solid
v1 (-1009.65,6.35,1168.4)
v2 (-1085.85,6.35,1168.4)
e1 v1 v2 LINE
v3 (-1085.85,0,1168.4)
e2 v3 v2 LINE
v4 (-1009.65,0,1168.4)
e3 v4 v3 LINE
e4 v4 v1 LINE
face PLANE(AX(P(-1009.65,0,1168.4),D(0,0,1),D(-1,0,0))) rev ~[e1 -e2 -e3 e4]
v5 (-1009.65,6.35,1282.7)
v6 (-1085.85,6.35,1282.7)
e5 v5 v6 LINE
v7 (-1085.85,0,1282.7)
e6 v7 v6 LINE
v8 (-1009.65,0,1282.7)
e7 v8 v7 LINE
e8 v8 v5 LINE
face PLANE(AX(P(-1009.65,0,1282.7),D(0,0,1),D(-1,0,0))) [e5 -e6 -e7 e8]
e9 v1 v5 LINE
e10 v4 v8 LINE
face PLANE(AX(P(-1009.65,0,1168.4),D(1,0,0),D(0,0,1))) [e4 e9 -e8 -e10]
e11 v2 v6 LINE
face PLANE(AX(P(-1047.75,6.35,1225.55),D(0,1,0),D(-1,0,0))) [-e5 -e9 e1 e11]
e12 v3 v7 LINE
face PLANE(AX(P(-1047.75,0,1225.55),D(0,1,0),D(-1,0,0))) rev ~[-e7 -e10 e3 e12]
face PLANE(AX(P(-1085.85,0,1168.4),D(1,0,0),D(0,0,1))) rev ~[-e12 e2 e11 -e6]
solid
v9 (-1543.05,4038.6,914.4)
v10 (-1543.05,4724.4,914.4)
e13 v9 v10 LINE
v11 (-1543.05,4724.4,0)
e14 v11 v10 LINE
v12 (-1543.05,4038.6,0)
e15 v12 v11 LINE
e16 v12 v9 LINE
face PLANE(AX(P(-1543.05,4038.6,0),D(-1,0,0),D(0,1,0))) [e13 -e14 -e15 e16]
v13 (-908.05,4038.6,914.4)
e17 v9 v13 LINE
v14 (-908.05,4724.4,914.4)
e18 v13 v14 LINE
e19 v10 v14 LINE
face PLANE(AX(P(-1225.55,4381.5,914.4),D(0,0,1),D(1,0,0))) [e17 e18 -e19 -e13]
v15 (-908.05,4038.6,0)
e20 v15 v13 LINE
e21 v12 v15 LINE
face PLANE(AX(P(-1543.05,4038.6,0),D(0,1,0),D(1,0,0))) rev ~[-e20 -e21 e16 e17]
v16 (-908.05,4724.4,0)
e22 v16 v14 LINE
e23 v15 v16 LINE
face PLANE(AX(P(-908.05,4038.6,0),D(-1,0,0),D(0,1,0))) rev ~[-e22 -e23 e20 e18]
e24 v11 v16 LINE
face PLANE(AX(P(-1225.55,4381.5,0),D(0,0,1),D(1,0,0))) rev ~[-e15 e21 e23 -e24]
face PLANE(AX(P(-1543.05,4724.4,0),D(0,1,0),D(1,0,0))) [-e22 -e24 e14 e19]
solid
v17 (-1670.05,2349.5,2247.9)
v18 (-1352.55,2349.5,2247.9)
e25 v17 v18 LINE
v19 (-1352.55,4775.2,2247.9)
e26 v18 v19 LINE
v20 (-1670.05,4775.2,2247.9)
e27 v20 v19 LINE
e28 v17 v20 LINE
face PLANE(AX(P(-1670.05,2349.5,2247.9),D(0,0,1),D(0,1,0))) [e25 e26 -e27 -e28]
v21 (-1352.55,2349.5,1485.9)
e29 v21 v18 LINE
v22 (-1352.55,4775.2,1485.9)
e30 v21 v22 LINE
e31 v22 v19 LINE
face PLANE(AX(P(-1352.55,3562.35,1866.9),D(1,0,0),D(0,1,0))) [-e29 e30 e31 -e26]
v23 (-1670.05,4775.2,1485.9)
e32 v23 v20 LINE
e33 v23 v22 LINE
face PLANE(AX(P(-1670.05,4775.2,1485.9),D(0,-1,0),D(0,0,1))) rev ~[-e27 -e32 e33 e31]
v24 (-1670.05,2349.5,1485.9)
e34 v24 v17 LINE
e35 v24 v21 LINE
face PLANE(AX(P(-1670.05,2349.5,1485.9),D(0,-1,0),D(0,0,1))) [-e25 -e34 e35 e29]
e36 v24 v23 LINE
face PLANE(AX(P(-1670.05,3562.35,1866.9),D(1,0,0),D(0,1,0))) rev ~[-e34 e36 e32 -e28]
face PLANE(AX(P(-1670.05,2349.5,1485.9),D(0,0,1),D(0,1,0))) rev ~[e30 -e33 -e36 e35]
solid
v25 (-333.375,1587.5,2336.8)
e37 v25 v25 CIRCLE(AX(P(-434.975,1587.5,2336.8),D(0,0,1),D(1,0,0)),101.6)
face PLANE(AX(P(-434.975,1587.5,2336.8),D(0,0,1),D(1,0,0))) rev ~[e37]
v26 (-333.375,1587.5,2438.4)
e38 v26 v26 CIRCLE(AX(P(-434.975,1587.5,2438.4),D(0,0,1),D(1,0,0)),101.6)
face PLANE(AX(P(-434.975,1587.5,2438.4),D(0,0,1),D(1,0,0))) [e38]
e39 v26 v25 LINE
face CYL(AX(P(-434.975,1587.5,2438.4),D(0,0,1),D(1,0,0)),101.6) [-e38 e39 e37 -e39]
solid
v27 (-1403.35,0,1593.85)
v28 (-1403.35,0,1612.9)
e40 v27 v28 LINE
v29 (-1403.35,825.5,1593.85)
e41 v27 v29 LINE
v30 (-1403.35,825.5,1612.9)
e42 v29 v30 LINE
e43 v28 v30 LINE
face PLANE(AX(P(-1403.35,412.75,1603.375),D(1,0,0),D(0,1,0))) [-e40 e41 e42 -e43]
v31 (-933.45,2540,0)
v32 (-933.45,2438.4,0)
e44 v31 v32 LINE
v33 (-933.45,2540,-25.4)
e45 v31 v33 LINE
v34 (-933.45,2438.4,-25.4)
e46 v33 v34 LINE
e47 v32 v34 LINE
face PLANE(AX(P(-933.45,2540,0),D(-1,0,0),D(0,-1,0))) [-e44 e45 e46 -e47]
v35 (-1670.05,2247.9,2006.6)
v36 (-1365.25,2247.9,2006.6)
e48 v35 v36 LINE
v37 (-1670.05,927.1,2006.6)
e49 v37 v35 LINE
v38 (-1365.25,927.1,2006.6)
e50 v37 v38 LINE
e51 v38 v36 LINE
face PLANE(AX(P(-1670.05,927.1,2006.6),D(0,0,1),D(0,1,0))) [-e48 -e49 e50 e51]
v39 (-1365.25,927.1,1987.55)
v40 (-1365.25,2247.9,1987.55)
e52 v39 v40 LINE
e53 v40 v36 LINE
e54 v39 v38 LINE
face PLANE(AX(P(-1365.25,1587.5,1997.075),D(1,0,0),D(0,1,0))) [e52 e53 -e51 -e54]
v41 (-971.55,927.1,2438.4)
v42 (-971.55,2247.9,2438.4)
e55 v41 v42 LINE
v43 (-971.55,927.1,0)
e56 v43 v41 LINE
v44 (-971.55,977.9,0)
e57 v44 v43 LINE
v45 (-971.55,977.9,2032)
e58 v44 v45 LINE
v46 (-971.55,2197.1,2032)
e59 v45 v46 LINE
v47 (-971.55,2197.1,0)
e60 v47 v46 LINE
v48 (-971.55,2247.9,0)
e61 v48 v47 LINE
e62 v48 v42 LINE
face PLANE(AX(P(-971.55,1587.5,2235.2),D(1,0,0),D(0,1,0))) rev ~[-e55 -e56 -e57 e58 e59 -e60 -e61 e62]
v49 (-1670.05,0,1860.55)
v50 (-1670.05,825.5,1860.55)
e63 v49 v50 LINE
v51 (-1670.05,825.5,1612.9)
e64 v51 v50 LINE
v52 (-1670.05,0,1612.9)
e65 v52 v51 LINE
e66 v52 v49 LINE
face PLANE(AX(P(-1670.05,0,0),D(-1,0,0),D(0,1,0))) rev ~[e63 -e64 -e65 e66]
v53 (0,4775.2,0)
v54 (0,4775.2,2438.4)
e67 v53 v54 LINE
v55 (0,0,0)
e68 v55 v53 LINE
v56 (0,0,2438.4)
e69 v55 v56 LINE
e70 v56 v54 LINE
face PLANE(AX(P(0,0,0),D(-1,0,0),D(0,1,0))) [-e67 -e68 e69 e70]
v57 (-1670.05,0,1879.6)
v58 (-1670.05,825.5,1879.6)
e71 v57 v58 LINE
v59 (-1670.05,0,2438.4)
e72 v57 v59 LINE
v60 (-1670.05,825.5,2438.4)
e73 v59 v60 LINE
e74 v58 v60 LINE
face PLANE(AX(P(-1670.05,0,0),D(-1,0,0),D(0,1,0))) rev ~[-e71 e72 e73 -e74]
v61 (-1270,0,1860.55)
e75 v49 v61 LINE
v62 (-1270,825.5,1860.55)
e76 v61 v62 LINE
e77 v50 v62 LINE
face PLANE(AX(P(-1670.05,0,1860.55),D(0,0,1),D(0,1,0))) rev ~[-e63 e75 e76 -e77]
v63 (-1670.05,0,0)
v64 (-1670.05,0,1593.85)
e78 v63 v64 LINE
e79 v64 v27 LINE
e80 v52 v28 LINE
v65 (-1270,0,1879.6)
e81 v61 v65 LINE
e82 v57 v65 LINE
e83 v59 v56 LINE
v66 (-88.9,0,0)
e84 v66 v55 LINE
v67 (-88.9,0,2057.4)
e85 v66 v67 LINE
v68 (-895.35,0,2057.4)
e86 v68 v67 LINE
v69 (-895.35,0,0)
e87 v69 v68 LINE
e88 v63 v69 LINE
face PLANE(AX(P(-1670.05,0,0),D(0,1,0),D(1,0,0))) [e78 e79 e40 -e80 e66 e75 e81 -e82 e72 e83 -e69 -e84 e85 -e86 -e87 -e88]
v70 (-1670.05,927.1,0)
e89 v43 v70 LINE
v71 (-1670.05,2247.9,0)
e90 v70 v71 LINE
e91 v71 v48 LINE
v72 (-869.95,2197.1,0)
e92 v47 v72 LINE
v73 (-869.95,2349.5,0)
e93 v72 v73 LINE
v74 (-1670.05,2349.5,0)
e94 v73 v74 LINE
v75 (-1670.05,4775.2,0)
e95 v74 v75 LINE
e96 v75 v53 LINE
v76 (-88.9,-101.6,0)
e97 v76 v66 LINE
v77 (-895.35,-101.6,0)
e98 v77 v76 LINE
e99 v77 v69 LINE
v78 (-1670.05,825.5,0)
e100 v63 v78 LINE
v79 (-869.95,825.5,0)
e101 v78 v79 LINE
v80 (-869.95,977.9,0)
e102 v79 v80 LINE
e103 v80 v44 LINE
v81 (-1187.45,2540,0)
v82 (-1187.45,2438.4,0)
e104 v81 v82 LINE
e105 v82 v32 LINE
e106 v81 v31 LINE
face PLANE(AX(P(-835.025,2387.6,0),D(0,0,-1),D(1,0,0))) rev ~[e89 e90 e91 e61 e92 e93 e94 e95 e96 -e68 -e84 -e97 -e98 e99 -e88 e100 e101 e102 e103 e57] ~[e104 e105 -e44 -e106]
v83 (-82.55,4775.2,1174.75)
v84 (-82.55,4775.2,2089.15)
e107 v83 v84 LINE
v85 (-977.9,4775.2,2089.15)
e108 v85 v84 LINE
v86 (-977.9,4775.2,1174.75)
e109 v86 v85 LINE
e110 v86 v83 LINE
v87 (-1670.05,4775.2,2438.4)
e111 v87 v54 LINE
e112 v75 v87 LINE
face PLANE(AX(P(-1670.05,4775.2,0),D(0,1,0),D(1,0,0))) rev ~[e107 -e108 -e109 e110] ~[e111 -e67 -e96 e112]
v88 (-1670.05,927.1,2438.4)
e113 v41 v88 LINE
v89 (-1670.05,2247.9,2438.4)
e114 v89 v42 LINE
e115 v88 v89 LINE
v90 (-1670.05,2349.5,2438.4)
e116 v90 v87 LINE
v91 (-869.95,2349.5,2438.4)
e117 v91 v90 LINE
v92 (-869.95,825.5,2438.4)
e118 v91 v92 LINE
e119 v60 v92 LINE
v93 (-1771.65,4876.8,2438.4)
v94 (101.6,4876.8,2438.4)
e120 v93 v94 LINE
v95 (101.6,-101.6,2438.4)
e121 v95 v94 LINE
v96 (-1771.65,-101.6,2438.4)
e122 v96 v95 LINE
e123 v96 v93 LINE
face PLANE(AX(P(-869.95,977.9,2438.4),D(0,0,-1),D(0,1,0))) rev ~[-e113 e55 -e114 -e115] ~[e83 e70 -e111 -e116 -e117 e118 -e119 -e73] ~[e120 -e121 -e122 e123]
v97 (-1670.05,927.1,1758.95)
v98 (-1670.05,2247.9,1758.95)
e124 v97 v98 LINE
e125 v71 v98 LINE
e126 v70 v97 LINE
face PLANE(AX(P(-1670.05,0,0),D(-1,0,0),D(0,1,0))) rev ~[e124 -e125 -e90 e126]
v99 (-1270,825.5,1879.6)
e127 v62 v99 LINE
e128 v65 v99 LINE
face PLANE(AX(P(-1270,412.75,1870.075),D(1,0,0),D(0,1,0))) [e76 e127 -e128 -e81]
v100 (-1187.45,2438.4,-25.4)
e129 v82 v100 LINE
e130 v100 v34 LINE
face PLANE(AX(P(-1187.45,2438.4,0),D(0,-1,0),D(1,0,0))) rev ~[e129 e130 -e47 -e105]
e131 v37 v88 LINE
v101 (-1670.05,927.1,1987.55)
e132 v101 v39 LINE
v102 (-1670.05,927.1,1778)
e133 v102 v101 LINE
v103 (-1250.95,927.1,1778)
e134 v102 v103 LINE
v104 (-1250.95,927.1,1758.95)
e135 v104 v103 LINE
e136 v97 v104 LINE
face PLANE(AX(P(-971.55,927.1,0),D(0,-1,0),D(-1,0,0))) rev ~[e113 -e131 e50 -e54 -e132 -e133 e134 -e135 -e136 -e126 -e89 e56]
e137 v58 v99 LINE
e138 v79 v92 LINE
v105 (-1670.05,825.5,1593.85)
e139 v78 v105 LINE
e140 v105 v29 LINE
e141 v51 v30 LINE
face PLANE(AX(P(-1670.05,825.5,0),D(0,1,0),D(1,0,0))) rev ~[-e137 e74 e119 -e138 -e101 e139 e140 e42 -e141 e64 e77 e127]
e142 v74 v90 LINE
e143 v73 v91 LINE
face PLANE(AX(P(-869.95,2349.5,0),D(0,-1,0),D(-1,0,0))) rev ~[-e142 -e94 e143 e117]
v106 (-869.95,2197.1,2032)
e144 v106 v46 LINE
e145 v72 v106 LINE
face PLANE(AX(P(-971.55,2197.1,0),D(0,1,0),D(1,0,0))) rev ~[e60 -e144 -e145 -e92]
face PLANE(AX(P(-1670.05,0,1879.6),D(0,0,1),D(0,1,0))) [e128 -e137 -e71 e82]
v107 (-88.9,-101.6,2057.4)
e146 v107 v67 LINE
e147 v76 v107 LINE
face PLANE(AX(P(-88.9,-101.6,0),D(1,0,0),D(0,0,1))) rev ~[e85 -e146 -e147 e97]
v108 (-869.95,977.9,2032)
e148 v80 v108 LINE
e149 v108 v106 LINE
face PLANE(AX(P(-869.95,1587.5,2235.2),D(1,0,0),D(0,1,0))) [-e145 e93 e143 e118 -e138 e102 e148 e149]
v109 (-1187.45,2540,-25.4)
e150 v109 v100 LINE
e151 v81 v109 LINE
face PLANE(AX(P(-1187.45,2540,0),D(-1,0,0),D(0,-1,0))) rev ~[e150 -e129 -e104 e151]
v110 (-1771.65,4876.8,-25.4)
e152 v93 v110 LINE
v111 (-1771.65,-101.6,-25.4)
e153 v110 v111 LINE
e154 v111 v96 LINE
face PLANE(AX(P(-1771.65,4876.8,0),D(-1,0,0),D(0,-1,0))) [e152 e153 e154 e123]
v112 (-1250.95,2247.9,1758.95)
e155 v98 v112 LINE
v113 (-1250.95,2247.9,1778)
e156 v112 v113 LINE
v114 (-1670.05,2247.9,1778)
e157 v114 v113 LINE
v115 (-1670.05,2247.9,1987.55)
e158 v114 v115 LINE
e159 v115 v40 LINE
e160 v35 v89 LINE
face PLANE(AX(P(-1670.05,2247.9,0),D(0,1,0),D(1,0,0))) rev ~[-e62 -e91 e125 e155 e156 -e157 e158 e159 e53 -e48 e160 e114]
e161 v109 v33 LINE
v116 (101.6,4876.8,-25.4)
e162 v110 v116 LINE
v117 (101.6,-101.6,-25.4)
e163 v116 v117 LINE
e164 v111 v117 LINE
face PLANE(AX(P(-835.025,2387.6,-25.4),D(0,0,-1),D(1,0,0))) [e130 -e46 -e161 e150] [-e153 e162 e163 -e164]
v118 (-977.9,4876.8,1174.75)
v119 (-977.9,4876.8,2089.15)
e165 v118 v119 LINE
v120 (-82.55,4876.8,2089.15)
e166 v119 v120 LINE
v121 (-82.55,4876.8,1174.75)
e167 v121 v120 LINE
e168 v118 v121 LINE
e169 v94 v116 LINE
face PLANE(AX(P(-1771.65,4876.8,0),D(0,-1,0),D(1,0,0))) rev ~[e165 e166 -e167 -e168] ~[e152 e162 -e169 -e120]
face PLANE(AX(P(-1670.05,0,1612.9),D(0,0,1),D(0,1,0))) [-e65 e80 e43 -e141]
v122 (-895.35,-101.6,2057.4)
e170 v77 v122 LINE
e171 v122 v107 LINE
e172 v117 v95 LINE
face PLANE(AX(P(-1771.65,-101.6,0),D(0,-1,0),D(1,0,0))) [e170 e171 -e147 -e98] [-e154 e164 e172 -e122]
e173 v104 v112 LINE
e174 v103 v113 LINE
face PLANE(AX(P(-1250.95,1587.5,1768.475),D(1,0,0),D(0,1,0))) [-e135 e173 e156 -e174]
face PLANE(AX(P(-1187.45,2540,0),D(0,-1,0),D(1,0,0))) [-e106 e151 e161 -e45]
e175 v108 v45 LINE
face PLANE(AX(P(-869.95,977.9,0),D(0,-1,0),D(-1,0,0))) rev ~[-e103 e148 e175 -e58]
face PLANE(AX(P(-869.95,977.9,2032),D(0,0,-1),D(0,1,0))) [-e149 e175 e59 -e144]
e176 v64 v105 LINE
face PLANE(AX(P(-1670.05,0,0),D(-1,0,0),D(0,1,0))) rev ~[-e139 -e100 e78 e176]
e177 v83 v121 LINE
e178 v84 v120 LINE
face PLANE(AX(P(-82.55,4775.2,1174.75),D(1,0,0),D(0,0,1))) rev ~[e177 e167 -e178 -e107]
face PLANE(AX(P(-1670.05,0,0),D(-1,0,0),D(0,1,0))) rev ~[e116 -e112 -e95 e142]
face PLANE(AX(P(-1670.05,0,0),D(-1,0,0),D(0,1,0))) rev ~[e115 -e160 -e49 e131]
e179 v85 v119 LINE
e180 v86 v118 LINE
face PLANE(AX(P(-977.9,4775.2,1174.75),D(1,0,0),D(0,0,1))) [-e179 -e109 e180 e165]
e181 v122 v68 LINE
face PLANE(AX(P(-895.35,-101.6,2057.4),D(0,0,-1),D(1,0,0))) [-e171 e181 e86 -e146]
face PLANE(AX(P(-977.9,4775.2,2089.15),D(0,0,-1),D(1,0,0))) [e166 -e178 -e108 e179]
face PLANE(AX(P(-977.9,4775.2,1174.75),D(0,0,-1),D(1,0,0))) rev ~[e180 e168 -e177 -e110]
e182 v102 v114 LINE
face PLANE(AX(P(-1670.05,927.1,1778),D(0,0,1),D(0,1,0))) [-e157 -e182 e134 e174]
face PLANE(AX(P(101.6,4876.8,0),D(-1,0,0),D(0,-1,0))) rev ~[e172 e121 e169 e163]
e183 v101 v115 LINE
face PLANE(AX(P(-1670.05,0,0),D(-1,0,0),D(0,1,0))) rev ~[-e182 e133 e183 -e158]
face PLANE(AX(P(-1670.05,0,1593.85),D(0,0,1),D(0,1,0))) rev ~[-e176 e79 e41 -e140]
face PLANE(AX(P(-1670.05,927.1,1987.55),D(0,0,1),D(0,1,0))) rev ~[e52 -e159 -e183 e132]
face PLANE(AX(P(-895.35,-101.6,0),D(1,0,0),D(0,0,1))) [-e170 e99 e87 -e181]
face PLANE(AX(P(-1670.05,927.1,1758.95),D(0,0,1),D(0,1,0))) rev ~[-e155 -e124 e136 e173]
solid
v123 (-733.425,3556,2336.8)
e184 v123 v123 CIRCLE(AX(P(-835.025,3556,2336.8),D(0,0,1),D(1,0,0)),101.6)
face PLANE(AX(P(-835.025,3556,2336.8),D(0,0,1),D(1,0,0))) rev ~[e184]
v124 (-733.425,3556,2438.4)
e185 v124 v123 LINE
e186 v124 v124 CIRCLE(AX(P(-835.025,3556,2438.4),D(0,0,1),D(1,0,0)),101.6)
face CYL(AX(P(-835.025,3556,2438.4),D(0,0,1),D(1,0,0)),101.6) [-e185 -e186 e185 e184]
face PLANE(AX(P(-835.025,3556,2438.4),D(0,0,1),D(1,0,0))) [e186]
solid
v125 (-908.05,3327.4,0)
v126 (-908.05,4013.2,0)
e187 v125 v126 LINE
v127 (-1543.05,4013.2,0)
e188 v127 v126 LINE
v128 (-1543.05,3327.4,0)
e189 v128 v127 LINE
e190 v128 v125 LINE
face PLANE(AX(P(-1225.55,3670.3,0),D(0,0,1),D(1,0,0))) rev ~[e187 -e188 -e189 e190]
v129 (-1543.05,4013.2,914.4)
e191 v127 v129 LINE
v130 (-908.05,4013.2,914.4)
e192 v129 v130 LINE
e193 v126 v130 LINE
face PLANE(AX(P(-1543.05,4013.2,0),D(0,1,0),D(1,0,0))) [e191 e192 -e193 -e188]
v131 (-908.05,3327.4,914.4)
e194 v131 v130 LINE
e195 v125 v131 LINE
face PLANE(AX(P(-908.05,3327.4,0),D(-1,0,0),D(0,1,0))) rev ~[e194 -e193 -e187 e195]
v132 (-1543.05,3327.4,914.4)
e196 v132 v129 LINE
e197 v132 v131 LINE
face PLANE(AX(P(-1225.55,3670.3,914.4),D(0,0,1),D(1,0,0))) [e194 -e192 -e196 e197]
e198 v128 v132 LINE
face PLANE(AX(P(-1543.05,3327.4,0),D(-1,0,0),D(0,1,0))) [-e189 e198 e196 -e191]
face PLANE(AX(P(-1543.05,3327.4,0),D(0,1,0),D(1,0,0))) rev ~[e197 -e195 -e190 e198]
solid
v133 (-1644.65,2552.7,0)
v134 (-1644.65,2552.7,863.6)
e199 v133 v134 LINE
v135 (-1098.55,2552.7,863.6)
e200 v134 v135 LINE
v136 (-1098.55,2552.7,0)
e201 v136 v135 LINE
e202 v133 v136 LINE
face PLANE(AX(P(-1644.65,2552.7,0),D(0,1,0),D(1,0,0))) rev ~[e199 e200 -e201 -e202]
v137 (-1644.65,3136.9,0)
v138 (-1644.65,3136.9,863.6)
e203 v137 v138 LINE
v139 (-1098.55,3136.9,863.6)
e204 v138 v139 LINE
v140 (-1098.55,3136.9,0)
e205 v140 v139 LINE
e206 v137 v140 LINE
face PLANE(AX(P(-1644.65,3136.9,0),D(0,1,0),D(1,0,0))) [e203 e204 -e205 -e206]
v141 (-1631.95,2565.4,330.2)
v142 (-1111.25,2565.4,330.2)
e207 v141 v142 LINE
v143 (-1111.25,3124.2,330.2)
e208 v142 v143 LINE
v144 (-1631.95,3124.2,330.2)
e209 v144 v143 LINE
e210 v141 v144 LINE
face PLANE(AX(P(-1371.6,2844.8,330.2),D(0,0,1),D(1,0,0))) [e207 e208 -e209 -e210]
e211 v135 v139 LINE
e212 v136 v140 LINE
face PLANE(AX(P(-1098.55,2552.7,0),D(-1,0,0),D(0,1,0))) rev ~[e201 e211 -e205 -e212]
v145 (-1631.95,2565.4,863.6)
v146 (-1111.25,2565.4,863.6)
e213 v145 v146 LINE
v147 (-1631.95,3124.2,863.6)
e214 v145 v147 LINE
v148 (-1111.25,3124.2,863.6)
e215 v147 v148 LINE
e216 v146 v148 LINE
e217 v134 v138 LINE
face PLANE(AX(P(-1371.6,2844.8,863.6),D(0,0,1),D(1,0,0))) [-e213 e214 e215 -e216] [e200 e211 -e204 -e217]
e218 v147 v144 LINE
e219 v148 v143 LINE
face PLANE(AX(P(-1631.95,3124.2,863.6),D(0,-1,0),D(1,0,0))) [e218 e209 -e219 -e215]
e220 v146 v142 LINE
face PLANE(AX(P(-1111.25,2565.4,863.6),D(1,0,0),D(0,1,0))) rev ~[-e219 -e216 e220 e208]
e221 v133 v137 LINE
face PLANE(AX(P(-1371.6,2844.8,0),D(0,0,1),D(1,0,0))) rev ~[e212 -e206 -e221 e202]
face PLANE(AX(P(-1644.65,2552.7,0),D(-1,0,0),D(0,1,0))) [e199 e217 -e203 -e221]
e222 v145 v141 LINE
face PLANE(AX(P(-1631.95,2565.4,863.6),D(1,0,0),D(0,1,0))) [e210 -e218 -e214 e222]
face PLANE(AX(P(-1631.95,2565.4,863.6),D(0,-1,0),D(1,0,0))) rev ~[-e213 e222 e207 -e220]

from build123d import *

# Parameters (mm, degrees)
F0_W      = 1873.25
F0_H      = 4978.4
F0_W_2    = 1670.05
F0_H_2    = 4775.2
F1_DEPTH  = 2438.4
F2_W      = 806.45
F2_H      = 2057.4
F3_DEPTH  = 101.6
F4_W      = 895.35
F4_H      = 914.4
F5_DEPTH  = 101.6
F6_W      = 1873.25
F6_H      = 4978.4
F6_W_2    = 254
F6_H_2    = 101.6
F7_DEPTH  = 25.4
F9_DEPTH  = 2438.4
F10_W     = 1219.2
F10_H     = 406.4
F11_DEPTH = 101.6
F12_W     = 635
F12_H     = 685.8
F13_DEPTH = 914.4
F14_W     = 546.1
F14_H     = 584.2
F15_DEPTH = 863.6
F17_W     = 2425.7
F17_H     = 762
F18_DEPTH = 317.5
F16_W     = 520.7
F16_H     = 558.8
F19_DEPTH = 533.4
F20_W     = 825.5
F20_H     = 19.05
F21_DEPTH = 400.05
F22_W     = 825.5
F22_H     = 19.05
F23_DEPTH = 266.7
F24_W     = 1320.8
F24_H     = 19.05
F25_DEPTH = 304.8
F26_W     = 1320.8
F26_H     = 19.05
F27_DEPTH = 419.1
F28_W     = 76.2
F28_H     = 114.3
F29_DEPTH = 6.35
F30_R     = 101.6
F31_DEPTH = 101.6


with BuildPart() as f1:
    # F0 (on Top) → F1 (new body)
    with BuildSketch(Plane.XY):
        with Locations((-835.025, 2387.6)):
            Rectangle(F0_W, F0_H)
        with Locations((-835.025, 2387.6)):
            Rectangle(F0_W_2, F0_H_2, mode=Mode.SUBTRACT)
    extrude(amount=F1_DEPTH)

    # F2 (on face) → F3 (cut, through all)
    with BuildSketch(Plane.XZ.offset(101.6)):
        with Locations((-492.125, 1028.7)):
            Rectangle(F2_W, F2_H)
    extrude(amount=-F3_DEPTH, mode=Mode.SUBTRACT)

    # F4 (on face) → F5 (cut, through all)
    with BuildSketch(Plane.XZ.offset(-4775.2)):
        with Locations((-530.225, 1631.95)):
            Rectangle(F4_W, F4_H)
    extrude(amount=-F5_DEPTH, mode=Mode.SUBTRACT)

    # F6 (on face) → F7 (join)
    with BuildSketch(Plane(origin=(0, 0, 0), x_dir=(1, 0, 0), z_dir=(0, 0, -1))):
        with Locations((-835.025, -2387.6)):
            Rectangle(F6_W, F6_H)
        with Locations((-1060.45, -2489.2)):
            Rectangle(F6_W_2, F6_H_2, mode=Mode.SUBTRACT)
    extrude(amount=F7_DEPTH)

    # F8 (on face) → F9 (join, through all)
    with BuildSketch(Plane.XY):
        Polygon((-1670.05, 927.1), (-1670.05, 825.5), (-869.95, 825.5), (-869.95, 977.9), (-971.55, 977.9), (-971.55, 927.1), align=None)
        Polygon((-1670.05, 2349.5), (-1670.05, 2247.9), (-971.55, 2247.9), (-971.55, 2197.1), (-869.95, 2197.1), (-869.95, 2349.5), align=None)
    extrude(amount=F9_DEPTH)

    # F10 (on face) → F11 (join, through all)
    with BuildSketch(Plane.YZ.offset(-869.95)):
        with Locations((1587.5, 2235.2)):
            Rectangle(F10_W, F10_H)
    extrude(amount=-F11_DEPTH)

    # F20 (on face) → F21 (join)
    with BuildSketch(Plane.YZ.offset(-1670.05)):
        with Locations((412.75, 1870.075)):
            Rectangle(F20_W, F20_H)
    extrude(amount=F21_DEPTH)

    # F22 (on face) → F23 (join)
    with BuildSketch(Plane.YZ.offset(-1670.05)):
        with Locations((412.75, 1603.375)):
            Rectangle(F22_W, F22_H)
    extrude(amount=F23_DEPTH)

    # F24 (on face) → F25 (join)
    with BuildSketch(Plane.YZ.offset(-1670.05)):
        with Locations((1587.5, 1997.075)):
            Rectangle(F24_W, F24_H)
    extrude(amount=F25_DEPTH)

    # F26 (on face) → F27 (join)
    with BuildSketch(Plane.YZ.offset(-1670.05)):
        with Locations((1587.5, 1768.475)):
            Rectangle(F26_W, F26_H)
    extrude(amount=F27_DEPTH)


with BuildPart() as f13:
    # F12 (on face) → F13 (new body)
    with BuildSketch(Plane.XY):
        with Locations((-1225.55, 4381.5)):
            Rectangle(F12_W, F12_H)
        with Locations((-1225.55, 3670.3)):
            Rectangle(F12_W, F12_H)
    extrude(amount=F13_DEPTH)


with BuildPart() as f15:
    # F14 (on face) → F15 (new body)
    with BuildSketch(Plane.XY):
        with Locations((-1371.6, 2844.8)):
            Rectangle(F14_W, F14_H)
    extrude(amount=F15_DEPTH)

    # F16 (on face) → F19 (cut)
    with BuildSketch(Plane.XY.offset(863.6)):
        with Locations((-1371.6, 2844.8)):
            Rectangle(F16_W, F16_H)
    extrude(amount=-F19_DEPTH, mode=Mode.SUBTRACT)


with BuildPart() as f18:
    # F17 (on face) → F18 (new body)
    with BuildSketch(Plane.YZ.offset(-1670.05)):
        with Locations((3562.35, 1866.9)):
            Rectangle(F17_W, F17_H)
    extrude(amount=F18_DEPTH)


with BuildPart() as f29:
    # F28 (on face) → F29 (new body)
    with BuildSketch(Plane(origin=(0, 0, 0), x_dir=(-1, 0, 0), z_dir=(0, 1, 0))):
        with Locations((1047.75, 1225.55)):
            Rectangle(F28_W, F28_H)
    extrude(amount=F29_DEPTH)


with BuildPart() as f31:
    # F30 (on face) → F31 (new body)
    with BuildSketch(Plane.XY.offset(2438.4)):
        with Locations((-835.025, 3556)):
            Circle(F30_R)
        with Locations((-434.975, 1587.5)):
            Circle(F30_R)
    extrude(amount=-F31_DEPTH)


solid = Compound([f1.part, f13.part, f15.part, f18.part, f29.part, f31.part])
